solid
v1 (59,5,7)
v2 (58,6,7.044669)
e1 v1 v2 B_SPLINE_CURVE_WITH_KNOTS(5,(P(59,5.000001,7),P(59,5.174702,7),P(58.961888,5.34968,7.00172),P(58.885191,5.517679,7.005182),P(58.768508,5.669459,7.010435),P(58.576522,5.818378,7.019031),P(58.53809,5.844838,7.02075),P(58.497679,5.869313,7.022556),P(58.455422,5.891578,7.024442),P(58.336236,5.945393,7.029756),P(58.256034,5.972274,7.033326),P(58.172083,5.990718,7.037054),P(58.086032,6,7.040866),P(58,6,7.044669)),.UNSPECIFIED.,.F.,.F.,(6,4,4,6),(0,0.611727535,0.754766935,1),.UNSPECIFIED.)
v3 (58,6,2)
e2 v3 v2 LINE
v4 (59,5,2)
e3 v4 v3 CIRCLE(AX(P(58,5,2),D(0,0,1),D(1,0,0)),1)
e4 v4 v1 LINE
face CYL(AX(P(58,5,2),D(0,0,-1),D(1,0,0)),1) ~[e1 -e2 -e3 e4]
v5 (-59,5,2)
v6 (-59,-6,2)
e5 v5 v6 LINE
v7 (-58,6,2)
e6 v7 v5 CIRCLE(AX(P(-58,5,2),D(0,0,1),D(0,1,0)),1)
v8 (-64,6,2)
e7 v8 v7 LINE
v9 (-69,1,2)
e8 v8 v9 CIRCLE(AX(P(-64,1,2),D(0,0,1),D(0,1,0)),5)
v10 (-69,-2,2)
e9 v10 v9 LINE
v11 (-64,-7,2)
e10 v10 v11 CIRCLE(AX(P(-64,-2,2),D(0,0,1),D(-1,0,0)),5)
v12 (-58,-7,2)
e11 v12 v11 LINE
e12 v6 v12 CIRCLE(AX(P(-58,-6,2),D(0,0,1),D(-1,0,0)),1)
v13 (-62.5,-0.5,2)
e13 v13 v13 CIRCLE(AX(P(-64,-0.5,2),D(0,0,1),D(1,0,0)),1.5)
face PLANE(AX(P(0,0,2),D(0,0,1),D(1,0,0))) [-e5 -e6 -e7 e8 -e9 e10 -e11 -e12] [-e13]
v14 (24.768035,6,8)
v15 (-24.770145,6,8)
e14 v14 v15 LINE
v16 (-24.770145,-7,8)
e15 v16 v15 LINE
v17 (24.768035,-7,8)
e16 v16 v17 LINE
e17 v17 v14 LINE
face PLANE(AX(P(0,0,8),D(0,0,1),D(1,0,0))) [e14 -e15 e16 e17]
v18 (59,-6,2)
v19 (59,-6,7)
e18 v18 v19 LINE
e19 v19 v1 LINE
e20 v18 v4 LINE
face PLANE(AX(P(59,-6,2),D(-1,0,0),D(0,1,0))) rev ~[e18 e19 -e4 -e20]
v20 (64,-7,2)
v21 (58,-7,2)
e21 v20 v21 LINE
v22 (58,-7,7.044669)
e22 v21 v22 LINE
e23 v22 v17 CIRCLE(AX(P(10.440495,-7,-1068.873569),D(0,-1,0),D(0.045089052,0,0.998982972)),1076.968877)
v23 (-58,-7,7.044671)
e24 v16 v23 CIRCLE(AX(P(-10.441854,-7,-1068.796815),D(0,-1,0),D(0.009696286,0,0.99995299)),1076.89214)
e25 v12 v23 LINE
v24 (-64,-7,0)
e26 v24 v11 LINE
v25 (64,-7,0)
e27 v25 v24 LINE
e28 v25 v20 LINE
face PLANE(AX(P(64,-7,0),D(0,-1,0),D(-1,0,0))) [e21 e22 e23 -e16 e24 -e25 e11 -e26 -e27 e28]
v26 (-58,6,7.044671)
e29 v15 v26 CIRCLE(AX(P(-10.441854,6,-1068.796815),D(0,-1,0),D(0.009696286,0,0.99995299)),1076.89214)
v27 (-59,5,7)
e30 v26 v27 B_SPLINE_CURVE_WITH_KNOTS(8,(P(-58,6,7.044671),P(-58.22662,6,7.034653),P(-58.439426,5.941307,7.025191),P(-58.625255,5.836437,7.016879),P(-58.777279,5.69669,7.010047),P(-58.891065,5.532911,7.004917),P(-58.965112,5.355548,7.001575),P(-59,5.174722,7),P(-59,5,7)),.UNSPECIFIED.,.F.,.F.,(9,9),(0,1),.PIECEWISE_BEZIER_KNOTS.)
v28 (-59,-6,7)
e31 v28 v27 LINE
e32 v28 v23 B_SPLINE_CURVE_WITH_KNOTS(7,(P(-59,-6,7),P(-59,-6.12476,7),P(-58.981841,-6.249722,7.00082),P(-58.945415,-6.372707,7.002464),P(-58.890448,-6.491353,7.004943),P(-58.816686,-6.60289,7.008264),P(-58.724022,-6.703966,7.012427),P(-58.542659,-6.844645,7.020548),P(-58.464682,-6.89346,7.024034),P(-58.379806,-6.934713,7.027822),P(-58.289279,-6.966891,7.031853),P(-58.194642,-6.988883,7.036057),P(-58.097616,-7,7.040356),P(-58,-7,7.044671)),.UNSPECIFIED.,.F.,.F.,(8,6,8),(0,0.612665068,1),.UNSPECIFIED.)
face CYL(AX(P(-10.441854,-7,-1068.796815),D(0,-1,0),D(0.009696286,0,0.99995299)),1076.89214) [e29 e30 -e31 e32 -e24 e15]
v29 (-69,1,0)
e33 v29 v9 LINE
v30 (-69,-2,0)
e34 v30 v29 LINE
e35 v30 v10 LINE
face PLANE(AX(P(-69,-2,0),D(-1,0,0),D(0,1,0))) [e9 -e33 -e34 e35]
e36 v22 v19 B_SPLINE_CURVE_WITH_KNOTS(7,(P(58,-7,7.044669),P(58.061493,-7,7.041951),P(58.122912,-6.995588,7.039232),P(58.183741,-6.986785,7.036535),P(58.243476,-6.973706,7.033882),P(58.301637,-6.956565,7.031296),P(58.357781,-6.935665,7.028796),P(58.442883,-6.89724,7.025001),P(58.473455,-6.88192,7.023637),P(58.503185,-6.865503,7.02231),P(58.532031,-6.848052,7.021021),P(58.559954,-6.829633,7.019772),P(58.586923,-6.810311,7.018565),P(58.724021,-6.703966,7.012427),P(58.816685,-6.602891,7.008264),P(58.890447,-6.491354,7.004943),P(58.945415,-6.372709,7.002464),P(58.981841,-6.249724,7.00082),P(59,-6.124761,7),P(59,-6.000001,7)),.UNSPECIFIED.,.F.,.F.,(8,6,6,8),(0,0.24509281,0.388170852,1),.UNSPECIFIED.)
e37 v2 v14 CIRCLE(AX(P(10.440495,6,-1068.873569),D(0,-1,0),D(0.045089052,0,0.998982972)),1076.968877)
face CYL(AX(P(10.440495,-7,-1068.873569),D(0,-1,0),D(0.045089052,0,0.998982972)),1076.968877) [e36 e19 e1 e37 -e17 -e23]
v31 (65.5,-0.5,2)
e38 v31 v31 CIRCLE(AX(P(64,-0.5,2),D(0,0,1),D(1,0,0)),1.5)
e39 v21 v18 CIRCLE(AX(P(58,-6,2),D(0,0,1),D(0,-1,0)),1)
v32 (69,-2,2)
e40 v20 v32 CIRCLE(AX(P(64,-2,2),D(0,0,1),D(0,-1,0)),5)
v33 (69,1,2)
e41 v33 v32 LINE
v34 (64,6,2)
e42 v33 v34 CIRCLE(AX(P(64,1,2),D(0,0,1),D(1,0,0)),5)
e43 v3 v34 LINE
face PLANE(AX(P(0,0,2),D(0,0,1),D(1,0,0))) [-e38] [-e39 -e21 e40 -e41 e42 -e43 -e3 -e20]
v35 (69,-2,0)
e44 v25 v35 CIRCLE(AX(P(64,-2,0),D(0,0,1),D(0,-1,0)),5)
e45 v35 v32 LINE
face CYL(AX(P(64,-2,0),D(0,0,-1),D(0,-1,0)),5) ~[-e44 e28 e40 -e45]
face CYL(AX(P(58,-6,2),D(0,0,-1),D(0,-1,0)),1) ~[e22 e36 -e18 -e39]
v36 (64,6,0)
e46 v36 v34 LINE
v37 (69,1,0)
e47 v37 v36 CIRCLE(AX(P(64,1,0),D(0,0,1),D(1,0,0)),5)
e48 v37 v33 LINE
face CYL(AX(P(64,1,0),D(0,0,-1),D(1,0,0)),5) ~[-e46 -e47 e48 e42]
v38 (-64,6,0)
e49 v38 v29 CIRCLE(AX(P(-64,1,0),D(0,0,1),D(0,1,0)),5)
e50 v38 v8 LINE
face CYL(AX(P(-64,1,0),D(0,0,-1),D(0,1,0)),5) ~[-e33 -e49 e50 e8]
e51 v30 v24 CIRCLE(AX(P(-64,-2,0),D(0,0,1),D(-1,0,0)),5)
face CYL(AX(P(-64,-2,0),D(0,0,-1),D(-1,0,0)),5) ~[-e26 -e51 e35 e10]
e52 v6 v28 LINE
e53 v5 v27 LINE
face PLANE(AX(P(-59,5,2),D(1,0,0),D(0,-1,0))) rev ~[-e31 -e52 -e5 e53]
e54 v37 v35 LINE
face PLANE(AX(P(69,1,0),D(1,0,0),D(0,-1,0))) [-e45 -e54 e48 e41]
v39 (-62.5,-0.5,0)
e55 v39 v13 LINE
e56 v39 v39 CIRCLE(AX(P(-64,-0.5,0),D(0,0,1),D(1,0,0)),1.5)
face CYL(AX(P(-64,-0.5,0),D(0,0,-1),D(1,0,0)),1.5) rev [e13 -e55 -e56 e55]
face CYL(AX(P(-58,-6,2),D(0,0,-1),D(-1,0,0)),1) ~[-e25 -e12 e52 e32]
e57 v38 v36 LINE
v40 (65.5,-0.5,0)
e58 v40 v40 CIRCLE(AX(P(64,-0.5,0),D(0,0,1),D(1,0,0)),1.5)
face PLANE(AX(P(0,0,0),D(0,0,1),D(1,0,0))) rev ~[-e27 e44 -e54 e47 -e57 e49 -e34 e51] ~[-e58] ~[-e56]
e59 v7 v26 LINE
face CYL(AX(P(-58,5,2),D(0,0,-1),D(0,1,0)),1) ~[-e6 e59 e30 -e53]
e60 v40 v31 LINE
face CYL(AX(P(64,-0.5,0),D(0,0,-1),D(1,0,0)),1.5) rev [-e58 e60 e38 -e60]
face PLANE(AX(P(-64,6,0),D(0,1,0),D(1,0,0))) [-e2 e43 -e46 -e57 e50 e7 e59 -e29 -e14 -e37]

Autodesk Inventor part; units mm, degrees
ref_plane "YZ Plane" through (0, 0, 0) normal (1, 0, 0) x (0, 1, 0)
ref_plane "XZ Plane" through (0, 0, 0) normal (0, 1, 0) x (-1, 0, 0)
ref_plane "XY Plane" through (0, 0, 0) normal (0, 0, 1) x (1, 0, 0)
sketch "Base" plane through (0, 0, 0) normal (0, 0, 1) x (1, 0, 0)
  line L0 (-64, -0.5) -> (64, -0.5) construction
  circle A0 centre (-64, -0.5) radius 1.5
  circle A1 centre (64, -0.5) radius 1.5
  line L1 (-64, 6) -> (64, 6)
  line L2 (69, 1) -> (69, -2)
  line L3 (64, -7) -> (-64, -7)
  line L4 (-69, -2) -> (-69, 1)
  line L5 (-59, 6) -> (-59, -7) construction
  line L6 (59, 6) -> (59, -7) construction
  arc A2 (-64, 6) -> (-69, 1) centre (-64, 1) ccw
  arc A3 (-69, -2) -> (-64, -7) centre (-64, -2) ccw
  arc A4 (69, 1) -> (64, 6) centre (64, 1) ccw
  arc A5 (64, -7) -> (69, -2) centre (64, -2) ccw
  point P0 (0, 0)
  dimension "d0" = 128
  dimension "d1" = 3
  dimension "d2" = 3
  dimension "d3" = 5
  dimension "d4" = 5
  dimension "d5" = 5
  dimension "d6" = 5
  dimension "d7" = 5
  dimension "d8" = 6.5
  dimension "d9" = 6.5
extrude "BaseFeature" add sketch "Base" along normal blind 2
sketch "Sketch2" plane through (0, 0, 2) normal (0, 0, 1) x (1, 0, 0)
  line L0 (-59, 6) -> (-59, -7) construction
  line L1 (59, 6) -> (59, -7) construction
  line L2 (58, 6) -> (-58, 6)
  line L3 (64, 6) -> (-64, 6) construction
  line L4 (-59, 5) -> (-59, -6)
  line L5 (-58, -7) -> (58, -7)
  line L6 (59, -6) -> (59, 5)
  arc A0 (-58, 6) -> (-59, 5) centre (-58, 5) ccw
  arc A1 (-59, -6) -> (-58, -7) centre (-58, -6) ccw
  arc A2 (59, 5) -> (58, 6) centre (58, 5) ccw
  arc A3 (58, -7) -> (59, -6) centre (58, -6) ccw
  point P0 (0, 0)
  dimension "d12" = 1
  dimension "d13" = 1
extrude "Extrusion2" add sketch "Sketch2" along normal blind 6
sketch "Sketch3" plane through (-64, -7, 0) normal (0, -1, 0) x (1, 0, 0)
  line L0 (0, 0) -> (128, 0) construction
  line L1 (128, 0) -> (128, 2) construction
  line L2 (122, 2) -> (128, 2) construction
  line L3 (6, 8) -> (122, 8) construction
  line L4 (0, 2) -> (6, 2) construction
  line L5 (0, 0) -> (0, 2) construction
  line L6 (64, 0) -> (64, 8.0447) construction
  line L7 (6, 8) -> (122, 8) construction
  arc A0 (64, 8.0447) -> (5, 7) centre (53.5583, -1068.8352) ccw
  arc A1 (123, 7) -> (64, 8.0447) centre (74.4417, -1068.8352) ccw
  line L8 (5, 2) -> (5, 8) projected
  line L9 (123, 2) -> (123, 8) projected
  line L10 (123, 8) -> (5, 8)
  point P0 (88.7678, 8)
  point P1 (39.2322, 8)
  dimension "d17" = 1076.9305
  dimension "d22" = 1
  dimension "d23" = 1
extrude "Extrusion4" cut sketch "Sketch3" against normal through all contours L10 L9 A1 | A0 L8 L10
equation "\"d9\" = d8"
properties part number "MidiPickup"
